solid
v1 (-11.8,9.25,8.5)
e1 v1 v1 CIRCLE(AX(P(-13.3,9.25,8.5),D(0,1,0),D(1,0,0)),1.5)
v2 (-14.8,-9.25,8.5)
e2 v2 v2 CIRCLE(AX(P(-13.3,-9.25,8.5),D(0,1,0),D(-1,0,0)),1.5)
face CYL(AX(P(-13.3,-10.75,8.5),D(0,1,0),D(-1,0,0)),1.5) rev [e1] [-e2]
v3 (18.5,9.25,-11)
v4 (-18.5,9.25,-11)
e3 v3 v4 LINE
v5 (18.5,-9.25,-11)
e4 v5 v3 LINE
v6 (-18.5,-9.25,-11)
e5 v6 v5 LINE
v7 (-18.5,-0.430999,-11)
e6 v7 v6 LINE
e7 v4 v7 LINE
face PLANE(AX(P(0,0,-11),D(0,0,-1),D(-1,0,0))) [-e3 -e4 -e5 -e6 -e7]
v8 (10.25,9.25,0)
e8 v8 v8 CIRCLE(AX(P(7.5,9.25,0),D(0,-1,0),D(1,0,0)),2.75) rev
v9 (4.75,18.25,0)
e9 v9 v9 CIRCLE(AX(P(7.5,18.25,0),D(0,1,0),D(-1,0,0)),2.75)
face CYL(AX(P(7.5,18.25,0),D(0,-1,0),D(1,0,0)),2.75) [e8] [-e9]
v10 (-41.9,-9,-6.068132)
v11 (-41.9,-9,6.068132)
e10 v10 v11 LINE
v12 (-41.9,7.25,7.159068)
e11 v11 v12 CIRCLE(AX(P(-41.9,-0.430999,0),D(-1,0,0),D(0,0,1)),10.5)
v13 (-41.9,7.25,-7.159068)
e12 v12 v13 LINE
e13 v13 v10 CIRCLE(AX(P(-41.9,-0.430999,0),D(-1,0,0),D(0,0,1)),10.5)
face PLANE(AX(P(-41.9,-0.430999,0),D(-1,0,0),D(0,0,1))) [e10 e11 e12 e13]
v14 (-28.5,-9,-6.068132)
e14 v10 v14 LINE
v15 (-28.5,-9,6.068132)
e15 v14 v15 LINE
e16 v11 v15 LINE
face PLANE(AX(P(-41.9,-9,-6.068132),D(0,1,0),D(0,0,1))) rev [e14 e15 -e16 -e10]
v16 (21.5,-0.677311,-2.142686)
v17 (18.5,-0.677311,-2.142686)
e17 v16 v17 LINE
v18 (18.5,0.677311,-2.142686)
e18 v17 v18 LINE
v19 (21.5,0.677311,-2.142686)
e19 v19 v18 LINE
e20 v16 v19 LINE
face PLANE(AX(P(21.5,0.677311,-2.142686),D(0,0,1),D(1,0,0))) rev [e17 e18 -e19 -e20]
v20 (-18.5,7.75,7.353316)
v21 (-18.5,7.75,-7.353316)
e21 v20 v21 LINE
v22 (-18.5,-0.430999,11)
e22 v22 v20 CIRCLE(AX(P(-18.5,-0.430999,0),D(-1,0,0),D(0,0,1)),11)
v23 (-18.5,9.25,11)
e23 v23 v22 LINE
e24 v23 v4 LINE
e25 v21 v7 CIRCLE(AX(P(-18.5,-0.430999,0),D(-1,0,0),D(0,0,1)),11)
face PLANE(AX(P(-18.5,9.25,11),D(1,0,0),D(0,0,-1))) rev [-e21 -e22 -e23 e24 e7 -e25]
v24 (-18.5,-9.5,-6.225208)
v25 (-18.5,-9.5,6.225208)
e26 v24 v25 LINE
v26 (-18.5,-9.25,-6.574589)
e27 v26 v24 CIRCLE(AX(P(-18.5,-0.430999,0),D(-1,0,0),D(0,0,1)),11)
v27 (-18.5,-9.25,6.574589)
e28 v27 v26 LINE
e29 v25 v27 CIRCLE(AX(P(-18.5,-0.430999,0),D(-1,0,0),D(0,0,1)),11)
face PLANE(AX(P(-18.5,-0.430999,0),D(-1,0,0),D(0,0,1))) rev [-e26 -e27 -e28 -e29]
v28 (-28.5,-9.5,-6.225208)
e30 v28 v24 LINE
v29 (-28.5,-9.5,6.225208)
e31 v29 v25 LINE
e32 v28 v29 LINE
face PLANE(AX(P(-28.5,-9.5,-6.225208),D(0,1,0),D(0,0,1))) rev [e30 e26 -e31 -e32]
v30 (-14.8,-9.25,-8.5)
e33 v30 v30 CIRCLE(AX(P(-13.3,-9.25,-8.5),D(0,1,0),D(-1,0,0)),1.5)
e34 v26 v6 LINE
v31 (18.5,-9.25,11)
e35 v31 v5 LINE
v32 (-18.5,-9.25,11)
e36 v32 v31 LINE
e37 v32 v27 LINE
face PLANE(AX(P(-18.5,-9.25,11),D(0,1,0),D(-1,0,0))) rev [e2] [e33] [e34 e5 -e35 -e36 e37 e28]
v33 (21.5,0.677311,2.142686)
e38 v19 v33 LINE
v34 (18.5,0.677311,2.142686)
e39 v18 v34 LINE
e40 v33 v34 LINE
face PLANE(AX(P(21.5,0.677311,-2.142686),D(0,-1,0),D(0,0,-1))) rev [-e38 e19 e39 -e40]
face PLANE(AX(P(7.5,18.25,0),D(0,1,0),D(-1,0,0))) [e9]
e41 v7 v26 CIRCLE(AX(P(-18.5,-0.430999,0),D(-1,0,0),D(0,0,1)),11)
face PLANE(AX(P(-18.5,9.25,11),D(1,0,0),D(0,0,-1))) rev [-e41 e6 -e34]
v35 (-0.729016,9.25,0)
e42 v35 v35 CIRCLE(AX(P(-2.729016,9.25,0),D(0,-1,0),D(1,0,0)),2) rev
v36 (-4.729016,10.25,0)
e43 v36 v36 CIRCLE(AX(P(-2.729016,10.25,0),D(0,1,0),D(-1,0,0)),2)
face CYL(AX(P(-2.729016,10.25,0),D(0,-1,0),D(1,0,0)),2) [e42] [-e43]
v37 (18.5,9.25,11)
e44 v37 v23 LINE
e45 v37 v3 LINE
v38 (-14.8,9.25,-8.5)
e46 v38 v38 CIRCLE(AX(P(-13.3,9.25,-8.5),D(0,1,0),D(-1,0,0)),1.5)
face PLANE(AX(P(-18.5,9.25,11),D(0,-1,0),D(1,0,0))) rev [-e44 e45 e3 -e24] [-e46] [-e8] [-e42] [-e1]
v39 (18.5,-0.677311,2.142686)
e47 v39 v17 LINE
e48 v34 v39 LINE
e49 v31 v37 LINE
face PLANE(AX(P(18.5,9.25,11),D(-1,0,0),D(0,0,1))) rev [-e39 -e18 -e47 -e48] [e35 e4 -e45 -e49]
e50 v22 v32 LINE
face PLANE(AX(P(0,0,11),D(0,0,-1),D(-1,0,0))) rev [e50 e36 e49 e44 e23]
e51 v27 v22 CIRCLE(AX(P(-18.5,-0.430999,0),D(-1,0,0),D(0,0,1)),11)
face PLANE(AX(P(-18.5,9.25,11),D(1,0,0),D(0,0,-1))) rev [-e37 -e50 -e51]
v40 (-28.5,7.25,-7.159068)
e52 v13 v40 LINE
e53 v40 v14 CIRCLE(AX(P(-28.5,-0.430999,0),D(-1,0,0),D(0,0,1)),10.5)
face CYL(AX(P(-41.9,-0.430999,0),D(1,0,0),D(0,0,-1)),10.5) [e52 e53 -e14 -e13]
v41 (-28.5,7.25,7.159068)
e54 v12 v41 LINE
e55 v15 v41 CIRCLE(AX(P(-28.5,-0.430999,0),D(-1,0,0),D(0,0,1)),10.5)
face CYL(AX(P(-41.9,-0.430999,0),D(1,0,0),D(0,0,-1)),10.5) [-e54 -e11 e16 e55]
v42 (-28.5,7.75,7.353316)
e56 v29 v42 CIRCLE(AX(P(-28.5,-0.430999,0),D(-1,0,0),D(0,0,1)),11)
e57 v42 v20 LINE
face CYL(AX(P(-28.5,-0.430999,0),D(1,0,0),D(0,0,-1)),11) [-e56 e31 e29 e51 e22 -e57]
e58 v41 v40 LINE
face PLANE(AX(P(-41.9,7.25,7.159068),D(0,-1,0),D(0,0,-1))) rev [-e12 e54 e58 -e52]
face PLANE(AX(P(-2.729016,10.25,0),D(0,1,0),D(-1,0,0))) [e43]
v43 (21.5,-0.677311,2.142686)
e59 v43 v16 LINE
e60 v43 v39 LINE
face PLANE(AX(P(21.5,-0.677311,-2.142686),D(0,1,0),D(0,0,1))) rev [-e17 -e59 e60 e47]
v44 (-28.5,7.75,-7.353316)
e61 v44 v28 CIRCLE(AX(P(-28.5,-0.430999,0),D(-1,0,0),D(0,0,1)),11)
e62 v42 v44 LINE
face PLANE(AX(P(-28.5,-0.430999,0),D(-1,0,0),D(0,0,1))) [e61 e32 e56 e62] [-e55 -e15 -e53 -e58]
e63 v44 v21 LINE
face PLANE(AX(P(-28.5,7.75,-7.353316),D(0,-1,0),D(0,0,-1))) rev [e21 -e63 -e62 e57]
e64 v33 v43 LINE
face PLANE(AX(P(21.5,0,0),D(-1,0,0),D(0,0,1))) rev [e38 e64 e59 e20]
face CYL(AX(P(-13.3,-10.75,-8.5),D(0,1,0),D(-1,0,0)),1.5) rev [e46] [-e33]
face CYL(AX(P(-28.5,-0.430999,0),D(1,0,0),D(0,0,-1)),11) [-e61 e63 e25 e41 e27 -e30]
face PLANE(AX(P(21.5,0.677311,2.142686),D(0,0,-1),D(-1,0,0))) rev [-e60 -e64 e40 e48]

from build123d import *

# Parameters (mm, degrees)
SKETCH_1_W          = 37
SKETCH_1_H          = 18.5
EXTRUDE_1_DEPTH     = 11
EXTRUDE_2_DEPTH     = 10
EXTRUDE_3_DEPTH     = 13.4
SKETCH_4_W          = 4.285372044
SKETCH_4_H          = 1.354621624
EXTRUDE_4_DEPTH     = 3
SKETCH_5_R          = 2
EXTRUDE_5_DEPTH     = 1
SKETCH_6_R          = 1.5
CUT_EXTRUDE_1_DEPTH = 20
SKETCH_8_R          = 2.75
EXTRUDE_6_DEPTH     = 9


with BuildPart() as part:
    # 스케치1 → 보스-돌출1 (new, symmetric)
    with BuildSketch(Plane.XY):
        Rectangle(SKETCH_1_W, SKETCH_1_H)
    extrude(amount=EXTRUDE_1_DEPTH, both=True)

    # 스케치2 → 보스-돌출2 (add)
    with BuildSketch(Plane.ZY.offset(18.5)):
        with BuildLine():
            Line((-6.225208394, -9.5), (6.225208394, -9.5))
            ThreePointArc((6.225208394, -9.5), (10.976552571, -1.148838505), (7.353316024, 7.75))
            Line((7.353316024, 7.75), (-7.353316024, 7.75))
            ThreePointArc((-7.353316024, 7.75), (-10.976552571, -1.148838505), (-6.225208394, -9.5))
        make_face()
    extrude(amount=EXTRUDE_2_DEPTH)

    # 스케치3 → 보스-돌출3 (add)
    with BuildSketch(Plane.ZY.offset(28.5)):
        with BuildLine():
            Line((-6.068131559, -9), (6.068131559, -9))
            ThreePointArc((6.068131559, -9), (10.476417681, -1.134328554), (7.159068059, 7.25))
            Line((7.159068059, 7.25), (-7.159068059, 7.25))
            ThreePointArc((-7.159068059, 7.25), (-10.476417681, -1.134328554), (-6.068131559, -9))
        make_face()
    extrude(amount=EXTRUDE_3_DEPTH)

    # 스케치4 → 보스-돌출4 (add)
    with BuildSketch(Plane(origin=(18.5, 0, 0), x_dir=(0, 0, -1), z_dir=(1, 0, 0))):
        Rectangle(SKETCH_4_W, SKETCH_4_H)
    extrude(amount=EXTRUDE_4_DEPTH)

    # 스케치5 → 보스-돌출5 (add)
    with BuildSketch(Plane(origin=(0, 9.25, 0), x_dir=(1, 0, 0), z_dir=(0, 1, 0))):
        with Locations((-2.729015684, 0)):
            Circle(SKETCH_5_R)
    extrude(amount=EXTRUDE_5_DEPTH)

    # 스케치6 → 컷-돌출1 (cut)
    with BuildSketch(Plane(origin=(0, 9.25, 0), x_dir=(1, 0, 0), z_dir=(0, 1, 0))):
        with Locations(Location((-13.3, 8.5, 0), (0, 0, 180))):
            Circle(SKETCH_6_R)
        with Locations(Location((-13.3, -8.5, 0), (0, 0, 180))):
            Circle(SKETCH_6_R)
    extrude(amount=-CUT_EXTRUDE_1_DEPTH, mode=Mode.SUBTRACT)

    # 스케치8 → 보스-돌출6 (add)
    with BuildSketch(Plane(origin=(0, 9.25, 0), x_dir=(1, 0, 0), z_dir=(0, 1, 0))):
        with Locations((7.5, 0)):
            Circle(SKETCH_8_R)
    extrude(amount=EXTRUDE_6_DEPTH)


solid = part.part
